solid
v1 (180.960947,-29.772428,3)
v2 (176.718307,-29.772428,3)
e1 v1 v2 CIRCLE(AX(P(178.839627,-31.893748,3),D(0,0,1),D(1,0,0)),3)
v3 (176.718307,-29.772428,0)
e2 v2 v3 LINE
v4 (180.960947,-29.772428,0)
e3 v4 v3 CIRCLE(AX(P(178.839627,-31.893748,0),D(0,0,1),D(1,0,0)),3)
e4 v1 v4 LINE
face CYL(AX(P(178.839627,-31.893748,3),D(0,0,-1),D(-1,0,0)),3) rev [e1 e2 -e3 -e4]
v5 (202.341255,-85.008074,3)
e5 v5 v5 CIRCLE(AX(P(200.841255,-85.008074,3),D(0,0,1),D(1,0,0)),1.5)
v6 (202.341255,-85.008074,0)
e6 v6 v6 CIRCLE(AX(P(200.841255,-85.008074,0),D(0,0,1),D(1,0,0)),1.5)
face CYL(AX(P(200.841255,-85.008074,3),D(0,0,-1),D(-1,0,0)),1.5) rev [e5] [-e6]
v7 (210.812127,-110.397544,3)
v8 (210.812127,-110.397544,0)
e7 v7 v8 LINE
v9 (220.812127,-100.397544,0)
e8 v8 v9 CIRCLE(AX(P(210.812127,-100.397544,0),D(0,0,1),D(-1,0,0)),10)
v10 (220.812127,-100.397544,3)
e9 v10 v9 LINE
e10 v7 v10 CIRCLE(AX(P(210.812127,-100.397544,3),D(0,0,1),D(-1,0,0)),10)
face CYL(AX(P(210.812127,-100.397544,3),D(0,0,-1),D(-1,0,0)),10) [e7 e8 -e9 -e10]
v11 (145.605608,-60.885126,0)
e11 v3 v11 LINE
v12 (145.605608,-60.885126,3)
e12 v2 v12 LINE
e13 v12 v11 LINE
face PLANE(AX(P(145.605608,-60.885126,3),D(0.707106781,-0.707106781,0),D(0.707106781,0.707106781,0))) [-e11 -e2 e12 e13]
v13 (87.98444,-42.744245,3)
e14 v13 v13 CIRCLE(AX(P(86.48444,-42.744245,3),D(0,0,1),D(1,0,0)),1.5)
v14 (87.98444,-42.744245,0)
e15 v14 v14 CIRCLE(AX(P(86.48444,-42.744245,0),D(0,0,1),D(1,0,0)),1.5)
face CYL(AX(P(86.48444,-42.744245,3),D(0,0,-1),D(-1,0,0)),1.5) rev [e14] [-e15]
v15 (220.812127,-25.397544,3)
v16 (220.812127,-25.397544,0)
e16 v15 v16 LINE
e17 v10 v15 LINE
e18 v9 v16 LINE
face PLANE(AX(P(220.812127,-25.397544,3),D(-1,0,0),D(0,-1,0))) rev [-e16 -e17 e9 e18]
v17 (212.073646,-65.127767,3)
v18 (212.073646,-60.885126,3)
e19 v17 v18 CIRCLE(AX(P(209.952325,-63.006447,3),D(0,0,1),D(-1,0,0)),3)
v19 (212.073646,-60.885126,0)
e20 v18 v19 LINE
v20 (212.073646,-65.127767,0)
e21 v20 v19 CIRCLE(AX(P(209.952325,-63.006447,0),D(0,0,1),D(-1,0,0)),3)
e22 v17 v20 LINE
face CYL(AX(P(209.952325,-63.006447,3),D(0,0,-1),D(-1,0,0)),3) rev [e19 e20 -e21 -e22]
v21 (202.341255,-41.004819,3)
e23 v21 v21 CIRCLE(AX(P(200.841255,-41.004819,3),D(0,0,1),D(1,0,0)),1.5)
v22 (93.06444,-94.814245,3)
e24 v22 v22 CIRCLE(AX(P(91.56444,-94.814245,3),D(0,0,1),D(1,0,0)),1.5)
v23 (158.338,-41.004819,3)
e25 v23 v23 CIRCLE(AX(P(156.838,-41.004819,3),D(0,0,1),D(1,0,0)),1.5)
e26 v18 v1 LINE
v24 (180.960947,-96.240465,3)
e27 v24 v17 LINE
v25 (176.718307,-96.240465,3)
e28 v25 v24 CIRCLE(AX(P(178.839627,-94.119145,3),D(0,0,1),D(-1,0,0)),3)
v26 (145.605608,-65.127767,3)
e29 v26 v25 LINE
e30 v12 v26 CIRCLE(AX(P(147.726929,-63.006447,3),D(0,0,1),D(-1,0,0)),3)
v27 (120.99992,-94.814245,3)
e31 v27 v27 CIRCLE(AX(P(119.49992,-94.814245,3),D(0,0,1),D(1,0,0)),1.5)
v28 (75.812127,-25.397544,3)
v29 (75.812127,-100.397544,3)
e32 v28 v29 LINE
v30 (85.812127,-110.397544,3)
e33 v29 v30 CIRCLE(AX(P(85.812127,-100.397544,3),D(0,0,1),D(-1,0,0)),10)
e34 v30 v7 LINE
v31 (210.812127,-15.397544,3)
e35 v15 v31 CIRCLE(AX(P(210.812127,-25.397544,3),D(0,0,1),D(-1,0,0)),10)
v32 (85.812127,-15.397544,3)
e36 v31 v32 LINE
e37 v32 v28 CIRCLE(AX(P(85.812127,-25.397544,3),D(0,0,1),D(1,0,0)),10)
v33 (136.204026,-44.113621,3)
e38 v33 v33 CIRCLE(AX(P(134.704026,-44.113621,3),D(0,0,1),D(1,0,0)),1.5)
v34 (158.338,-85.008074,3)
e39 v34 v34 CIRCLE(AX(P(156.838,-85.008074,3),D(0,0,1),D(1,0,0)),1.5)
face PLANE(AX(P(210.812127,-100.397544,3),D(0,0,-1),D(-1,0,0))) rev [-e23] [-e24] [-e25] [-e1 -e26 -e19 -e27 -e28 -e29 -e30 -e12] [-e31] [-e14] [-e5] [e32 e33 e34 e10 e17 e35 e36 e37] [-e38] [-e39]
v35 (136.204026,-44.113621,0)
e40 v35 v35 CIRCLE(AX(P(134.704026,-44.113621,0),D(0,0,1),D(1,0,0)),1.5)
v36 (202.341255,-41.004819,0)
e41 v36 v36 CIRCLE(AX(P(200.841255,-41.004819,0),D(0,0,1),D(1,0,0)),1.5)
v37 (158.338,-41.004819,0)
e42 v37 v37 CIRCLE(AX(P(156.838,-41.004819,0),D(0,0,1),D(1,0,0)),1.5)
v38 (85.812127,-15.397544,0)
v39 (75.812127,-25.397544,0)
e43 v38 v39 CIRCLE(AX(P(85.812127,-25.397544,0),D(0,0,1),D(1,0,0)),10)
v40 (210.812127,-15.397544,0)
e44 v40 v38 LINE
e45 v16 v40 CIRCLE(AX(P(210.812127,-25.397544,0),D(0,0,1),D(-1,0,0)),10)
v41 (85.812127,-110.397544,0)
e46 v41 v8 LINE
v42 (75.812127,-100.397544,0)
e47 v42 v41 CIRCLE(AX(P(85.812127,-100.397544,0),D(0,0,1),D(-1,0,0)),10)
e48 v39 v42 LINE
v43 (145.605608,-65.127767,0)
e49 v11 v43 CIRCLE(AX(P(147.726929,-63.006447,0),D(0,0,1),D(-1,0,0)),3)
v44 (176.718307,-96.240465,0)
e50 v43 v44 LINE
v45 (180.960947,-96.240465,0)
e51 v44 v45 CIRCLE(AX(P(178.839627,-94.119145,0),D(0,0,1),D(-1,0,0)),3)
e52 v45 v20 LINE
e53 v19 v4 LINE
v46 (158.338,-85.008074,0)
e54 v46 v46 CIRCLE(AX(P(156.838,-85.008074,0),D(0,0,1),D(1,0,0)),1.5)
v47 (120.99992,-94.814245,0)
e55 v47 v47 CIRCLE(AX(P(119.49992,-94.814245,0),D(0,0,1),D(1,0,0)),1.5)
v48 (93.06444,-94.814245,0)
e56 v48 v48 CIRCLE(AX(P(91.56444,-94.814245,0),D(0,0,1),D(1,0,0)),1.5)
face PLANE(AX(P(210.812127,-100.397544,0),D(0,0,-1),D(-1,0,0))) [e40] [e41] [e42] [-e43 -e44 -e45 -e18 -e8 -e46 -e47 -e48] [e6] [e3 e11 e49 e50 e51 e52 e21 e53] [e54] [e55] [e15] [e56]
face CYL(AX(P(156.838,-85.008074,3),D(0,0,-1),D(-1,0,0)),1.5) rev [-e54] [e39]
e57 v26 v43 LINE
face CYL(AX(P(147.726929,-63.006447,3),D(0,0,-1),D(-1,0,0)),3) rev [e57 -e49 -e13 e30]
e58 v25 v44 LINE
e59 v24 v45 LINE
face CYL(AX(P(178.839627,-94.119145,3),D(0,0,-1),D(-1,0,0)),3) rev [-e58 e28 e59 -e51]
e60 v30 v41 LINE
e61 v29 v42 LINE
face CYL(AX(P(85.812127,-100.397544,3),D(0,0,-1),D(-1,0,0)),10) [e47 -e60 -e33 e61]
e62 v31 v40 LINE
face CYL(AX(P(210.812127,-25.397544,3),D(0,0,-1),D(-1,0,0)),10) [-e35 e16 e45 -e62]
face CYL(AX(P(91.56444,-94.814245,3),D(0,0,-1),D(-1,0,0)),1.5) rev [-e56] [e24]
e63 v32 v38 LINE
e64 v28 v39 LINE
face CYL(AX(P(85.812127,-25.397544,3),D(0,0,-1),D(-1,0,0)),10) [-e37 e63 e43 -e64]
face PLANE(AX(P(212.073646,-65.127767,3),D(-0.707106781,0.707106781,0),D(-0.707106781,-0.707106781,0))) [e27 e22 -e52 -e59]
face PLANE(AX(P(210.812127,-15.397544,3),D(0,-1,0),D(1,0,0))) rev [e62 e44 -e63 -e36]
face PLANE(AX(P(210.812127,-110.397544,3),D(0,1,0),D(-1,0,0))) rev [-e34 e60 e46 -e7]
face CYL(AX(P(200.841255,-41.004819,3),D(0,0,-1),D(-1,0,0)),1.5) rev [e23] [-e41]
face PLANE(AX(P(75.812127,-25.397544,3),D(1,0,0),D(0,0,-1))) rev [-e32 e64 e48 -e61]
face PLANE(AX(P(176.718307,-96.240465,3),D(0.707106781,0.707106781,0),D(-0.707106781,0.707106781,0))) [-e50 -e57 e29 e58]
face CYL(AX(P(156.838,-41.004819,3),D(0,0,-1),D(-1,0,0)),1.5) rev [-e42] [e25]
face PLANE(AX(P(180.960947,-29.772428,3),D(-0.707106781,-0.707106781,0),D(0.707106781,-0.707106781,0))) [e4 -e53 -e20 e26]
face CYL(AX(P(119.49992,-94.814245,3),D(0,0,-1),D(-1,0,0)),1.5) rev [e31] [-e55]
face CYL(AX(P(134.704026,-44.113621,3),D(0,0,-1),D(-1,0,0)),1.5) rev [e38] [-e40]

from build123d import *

# Parameters (mm, degrees)
ESQUISSE15_R        = 1.5
BOSS_EXTRU_15_DEPTH = 3


with BuildPart() as part:
    # Esquisse15 → Boss.-Extru.15 (new body)
    with BuildSketch(Plane.XY):
        with BuildLine():
            Line((210.81212736, -15.397544228), (85.81212736, -15.397544228))
            ThreePointArc((85.81212736, -15.397544228), (78.741059548, -18.326476416), (75.81212736, -25.397544228))
            Line((75.81212736, -25.397544228), (75.81212736, -100.397544228))
            ThreePointArc((75.81212736, -100.397544228), (78.741059548, -107.468612039), (85.81212736, -110.397544228))
            Line((85.81212736, -110.397544228), (210.81212736, -110.397544228))
            ThreePointArc((210.81212736, -110.397544228), (217.883195172, -107.468612039), (220.81212736, -100.397544228))
            Line((220.81212736, -100.397544228), (220.81212736, -25.397544228))
            ThreePointArc((220.81212736, -25.397544228), (217.883195172, -18.326476416), (210.81212736, -15.397544228))
        make_face()
        with Locations((156.837999603, -85.008074041)):
            Circle(ESQUISSE15_R, mode=Mode.SUBTRACT)
        with Locations((156.837999603, -41.004819048)):
            Circle(ESQUISSE15_R, mode=Mode.SUBTRACT)
        with Locations((200.841254596, -41.004819048)):
            Circle(ESQUISSE15_R, mode=Mode.SUBTRACT)
        with Locations((200.841254596, -85.008074041)):
            Circle(ESQUISSE15_R, mode=Mode.SUBTRACT)
        with Locations((86.484439521, -42.744244907)):
            Circle(ESQUISSE15_R, mode=Mode.SUBTRACT)
        with Locations((134.704025572, -44.113620634)):
            Circle(ESQUISSE15_R, mode=Mode.SUBTRACT)
        with Locations((119.499920391, -94.814244907)):
            Circle(ESQUISSE15_R, mode=Mode.SUBTRACT)
        with Locations((91.564439521, -94.814244907)):
            Circle(ESQUISSE15_R, mode=Mode.SUBTRACT)
        with BuildLine():
            Line((180.960947443, -29.772427829), (212.073645815, -60.885126201))
            ThreePointArc((212.073645815, -60.885126201), (212.952325471, -63.006446545), (212.073645815, -65.127766888))
            Line((212.073645815, -65.127766888), (180.960947443, -96.24046526))
            ThreePointArc((180.960947443, -96.24046526), (178.839627099, -97.119144917), (176.718306756, -96.24046526))
            Line((176.718306756, -96.24046526), (145.605608383, -65.127766888))
            ThreePointArc((145.605608383, -65.127766888), (144.726928727, -63.006446545), (145.605608383, -60.885126201))
            Line((145.605608383, -60.885126201), (176.718306756, -29.772427829))
            ThreePointArc((176.718306756, -29.772427829), (178.839627099, -28.893748172), (180.960947443, -29.772427829))
        make_face(mode=Mode.SUBTRACT)
    extrude(amount=BOSS_EXTRU_15_DEPTH)


solid = part.part
